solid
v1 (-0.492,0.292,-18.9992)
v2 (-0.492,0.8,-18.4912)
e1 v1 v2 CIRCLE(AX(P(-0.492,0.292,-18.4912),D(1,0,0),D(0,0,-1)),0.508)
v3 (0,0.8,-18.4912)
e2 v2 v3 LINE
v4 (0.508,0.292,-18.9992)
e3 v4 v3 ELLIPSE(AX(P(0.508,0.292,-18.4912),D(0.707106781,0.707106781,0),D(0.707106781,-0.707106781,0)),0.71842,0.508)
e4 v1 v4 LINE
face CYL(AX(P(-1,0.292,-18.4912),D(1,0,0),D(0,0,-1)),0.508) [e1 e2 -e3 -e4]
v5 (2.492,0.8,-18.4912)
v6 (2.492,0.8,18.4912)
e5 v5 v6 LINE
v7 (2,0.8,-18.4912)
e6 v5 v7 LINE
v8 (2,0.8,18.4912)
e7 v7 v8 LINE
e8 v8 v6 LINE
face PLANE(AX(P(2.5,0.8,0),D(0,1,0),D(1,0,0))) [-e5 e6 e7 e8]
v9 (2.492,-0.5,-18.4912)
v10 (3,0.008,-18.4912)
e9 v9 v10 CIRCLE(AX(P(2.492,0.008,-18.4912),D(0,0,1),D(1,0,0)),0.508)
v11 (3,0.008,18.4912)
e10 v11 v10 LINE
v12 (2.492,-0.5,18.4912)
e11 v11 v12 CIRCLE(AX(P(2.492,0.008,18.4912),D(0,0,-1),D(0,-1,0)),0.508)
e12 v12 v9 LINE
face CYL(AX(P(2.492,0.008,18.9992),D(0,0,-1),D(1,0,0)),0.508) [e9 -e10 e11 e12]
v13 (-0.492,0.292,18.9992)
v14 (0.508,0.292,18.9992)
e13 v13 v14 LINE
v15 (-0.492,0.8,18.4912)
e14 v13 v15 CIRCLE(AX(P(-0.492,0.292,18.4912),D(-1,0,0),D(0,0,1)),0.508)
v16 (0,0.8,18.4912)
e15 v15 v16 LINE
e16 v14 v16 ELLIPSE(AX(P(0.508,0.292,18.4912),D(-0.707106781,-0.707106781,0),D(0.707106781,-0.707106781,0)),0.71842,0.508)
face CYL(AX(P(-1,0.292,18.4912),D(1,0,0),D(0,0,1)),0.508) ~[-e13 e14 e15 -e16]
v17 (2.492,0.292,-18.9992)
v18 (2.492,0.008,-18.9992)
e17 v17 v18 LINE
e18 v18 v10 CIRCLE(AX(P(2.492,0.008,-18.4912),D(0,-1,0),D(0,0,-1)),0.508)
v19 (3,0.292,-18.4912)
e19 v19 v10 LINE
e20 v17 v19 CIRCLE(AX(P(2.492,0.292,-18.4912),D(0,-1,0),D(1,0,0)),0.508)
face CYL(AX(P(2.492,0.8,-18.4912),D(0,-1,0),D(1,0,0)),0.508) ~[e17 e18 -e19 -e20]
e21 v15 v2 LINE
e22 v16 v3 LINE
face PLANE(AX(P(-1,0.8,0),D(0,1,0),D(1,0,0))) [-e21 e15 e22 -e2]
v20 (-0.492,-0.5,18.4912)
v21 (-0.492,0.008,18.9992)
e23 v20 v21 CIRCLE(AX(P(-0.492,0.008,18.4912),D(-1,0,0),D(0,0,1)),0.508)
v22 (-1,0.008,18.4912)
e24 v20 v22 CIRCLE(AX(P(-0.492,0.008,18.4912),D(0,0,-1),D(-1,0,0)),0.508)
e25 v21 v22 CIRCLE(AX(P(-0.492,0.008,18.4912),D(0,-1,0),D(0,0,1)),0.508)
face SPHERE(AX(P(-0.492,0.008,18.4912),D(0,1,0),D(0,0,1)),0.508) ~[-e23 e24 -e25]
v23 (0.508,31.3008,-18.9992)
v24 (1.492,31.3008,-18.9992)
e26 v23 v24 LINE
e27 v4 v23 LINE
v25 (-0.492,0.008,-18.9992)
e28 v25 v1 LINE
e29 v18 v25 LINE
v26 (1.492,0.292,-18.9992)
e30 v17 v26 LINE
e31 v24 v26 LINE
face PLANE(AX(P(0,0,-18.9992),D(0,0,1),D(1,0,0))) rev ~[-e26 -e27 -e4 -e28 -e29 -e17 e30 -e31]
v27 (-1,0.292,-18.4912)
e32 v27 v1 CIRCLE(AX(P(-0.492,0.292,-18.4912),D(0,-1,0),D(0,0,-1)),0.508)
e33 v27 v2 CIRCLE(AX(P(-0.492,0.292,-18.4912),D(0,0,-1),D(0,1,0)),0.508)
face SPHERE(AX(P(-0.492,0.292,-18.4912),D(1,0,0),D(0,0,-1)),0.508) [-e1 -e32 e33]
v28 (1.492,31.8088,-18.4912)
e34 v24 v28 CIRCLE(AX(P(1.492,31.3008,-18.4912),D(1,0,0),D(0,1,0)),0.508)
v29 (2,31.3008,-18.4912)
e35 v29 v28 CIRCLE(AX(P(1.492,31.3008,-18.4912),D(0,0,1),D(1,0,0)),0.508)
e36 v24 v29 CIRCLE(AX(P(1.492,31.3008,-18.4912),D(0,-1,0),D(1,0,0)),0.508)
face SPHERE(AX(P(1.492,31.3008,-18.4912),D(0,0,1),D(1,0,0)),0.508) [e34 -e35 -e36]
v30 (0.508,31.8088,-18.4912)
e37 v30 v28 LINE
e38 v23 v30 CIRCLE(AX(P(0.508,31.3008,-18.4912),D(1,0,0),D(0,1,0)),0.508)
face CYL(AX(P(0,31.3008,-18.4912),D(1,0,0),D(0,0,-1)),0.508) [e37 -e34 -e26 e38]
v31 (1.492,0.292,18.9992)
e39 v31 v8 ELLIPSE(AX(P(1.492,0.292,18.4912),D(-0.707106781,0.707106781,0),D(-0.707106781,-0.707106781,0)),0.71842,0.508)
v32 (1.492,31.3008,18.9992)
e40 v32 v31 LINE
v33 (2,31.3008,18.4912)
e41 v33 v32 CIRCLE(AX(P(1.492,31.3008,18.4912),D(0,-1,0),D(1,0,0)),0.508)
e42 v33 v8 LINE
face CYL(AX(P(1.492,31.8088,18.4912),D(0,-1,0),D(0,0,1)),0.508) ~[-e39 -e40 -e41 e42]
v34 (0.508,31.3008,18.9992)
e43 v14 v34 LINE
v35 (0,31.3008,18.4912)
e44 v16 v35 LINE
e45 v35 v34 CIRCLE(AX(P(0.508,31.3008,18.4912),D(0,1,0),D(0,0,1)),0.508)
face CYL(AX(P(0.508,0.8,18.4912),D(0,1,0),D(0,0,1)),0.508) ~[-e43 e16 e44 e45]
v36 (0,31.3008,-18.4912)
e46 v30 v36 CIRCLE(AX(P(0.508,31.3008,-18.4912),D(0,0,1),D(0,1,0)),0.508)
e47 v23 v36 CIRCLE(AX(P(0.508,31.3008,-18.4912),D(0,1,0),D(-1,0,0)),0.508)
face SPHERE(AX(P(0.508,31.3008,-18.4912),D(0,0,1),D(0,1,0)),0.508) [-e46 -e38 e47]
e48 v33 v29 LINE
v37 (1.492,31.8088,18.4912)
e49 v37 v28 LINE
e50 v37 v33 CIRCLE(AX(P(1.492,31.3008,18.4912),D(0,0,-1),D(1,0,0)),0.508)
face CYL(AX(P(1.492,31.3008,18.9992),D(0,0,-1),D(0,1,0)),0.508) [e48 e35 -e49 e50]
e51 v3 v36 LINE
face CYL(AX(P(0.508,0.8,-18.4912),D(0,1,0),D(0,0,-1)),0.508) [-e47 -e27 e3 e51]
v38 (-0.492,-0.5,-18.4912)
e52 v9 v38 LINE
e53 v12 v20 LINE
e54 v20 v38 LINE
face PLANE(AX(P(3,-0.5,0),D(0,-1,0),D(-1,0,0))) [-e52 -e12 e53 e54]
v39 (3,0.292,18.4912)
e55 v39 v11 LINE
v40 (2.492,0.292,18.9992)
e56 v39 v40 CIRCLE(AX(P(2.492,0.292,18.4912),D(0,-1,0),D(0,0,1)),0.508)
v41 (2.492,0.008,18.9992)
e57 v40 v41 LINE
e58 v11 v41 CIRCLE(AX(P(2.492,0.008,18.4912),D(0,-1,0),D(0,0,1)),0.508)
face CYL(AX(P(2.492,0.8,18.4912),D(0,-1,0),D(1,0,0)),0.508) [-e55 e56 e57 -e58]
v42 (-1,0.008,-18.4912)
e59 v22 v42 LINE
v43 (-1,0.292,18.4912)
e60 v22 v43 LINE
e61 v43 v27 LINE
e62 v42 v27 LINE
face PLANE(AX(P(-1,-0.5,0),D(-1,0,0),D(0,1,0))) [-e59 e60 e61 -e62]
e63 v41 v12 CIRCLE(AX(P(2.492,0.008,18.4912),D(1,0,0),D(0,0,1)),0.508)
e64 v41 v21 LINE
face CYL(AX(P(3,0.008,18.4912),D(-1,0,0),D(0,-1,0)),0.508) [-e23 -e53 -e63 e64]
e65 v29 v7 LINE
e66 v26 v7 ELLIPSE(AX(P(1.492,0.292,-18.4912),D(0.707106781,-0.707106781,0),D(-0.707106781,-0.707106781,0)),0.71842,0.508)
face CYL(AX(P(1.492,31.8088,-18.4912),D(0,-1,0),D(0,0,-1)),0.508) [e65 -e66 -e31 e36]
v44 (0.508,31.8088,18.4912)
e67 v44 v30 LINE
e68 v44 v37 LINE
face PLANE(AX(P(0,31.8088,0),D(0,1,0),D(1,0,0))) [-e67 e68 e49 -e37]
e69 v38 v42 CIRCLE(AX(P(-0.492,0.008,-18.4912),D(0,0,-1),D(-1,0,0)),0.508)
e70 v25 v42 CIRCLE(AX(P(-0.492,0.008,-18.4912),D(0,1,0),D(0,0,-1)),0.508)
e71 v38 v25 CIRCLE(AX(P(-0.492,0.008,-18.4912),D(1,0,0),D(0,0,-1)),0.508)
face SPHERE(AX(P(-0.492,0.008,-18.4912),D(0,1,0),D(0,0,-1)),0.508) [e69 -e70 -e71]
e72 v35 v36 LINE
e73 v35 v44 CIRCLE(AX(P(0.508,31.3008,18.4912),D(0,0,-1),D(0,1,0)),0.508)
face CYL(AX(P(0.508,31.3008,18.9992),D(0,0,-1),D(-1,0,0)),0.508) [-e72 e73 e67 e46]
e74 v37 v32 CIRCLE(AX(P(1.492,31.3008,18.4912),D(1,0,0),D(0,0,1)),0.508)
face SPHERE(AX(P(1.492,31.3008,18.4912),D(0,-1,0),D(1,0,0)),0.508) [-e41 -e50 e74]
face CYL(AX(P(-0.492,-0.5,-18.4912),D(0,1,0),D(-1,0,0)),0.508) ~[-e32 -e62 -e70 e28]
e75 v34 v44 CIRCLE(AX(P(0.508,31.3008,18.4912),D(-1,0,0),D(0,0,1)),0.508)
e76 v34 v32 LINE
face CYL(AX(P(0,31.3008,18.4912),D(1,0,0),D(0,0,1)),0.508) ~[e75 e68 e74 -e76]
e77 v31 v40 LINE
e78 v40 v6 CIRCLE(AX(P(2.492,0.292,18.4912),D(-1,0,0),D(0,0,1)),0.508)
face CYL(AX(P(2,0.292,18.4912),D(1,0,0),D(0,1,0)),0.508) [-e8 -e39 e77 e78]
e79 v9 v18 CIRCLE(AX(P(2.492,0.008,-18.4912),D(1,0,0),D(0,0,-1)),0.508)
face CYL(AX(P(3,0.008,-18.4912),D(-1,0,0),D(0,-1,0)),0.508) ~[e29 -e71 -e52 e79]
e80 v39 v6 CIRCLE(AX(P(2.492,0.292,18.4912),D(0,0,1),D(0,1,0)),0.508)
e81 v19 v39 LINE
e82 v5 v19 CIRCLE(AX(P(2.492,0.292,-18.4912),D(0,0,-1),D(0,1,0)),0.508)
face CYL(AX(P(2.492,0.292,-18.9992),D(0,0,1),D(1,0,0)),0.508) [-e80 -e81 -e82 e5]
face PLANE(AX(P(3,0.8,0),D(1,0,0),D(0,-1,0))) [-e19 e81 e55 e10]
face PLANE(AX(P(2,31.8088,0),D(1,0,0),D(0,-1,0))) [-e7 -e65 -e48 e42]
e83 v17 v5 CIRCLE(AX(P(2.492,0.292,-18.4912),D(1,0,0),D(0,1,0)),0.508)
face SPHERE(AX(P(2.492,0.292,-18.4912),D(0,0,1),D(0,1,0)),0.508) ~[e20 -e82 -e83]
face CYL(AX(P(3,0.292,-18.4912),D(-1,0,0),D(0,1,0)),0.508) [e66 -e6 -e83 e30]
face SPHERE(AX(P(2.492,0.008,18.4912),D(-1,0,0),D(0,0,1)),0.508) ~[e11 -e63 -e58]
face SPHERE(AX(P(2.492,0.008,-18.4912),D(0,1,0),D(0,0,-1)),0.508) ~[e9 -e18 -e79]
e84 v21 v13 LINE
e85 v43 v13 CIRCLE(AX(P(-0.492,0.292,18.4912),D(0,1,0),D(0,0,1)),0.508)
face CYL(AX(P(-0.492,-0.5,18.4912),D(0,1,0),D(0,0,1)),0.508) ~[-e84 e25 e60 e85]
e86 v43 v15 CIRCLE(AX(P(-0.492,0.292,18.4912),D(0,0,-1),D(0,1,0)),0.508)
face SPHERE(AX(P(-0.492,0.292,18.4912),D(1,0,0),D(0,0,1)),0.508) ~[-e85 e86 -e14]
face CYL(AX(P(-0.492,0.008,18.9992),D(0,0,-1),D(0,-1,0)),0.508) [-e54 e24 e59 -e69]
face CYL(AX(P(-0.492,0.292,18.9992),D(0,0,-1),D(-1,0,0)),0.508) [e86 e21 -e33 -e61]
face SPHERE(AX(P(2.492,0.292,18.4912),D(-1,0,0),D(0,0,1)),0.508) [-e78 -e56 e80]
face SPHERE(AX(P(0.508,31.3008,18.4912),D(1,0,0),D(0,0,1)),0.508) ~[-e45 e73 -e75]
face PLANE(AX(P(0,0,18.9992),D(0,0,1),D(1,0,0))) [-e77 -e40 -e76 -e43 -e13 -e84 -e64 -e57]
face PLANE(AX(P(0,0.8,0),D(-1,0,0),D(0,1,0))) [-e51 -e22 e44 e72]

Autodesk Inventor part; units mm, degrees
ref_plane "YZ Plane" through (0, 0, 0) normal (1, 0, 0) x (0, 1, 0)
ref_plane "XZ Plane" through (0, 0, 0) normal (0, 1, 0) x (-1, 0, 0)
ref_plane "XY Plane" through (0, 0, 0) normal (0, 0, 1) x (1, 0, 0)
sketch "Sketch1" plane through (0, 0, 0) normal (0, 0, 1) x (1, 0, 0)
  line L0 (3, 0.8) -> (3, -0.5)
  line L1 (3, -0.5) -> (-1, -0.5)
  line L2 (-1, -0.5) -> (-1, 0.8)
  line L3 (0, 0.8) -> (0, 31.8088)
  line L4 (0, 31.8088) -> (2, 31.8088)
  line L5 (2, 31.8088) -> (2, 0.8)
  line L6 (-1, 0.8) -> (0, 0.8)
  line L7 (2, 0.8) -> (3, 0.8)
  line L8 (-1, 0.8) -> (0, 0.8)
  line L9 (2, 0.8) -> (2.5, 0.8)
  point P0 (0, 0)
  point P1 (1, -0.5)
  point P2 (1, -0.5)
  dimension "d0" = 32.3088
  dimension "d1" = 4
  dimension "d2" = 1.3
  dimension "d3" = 1
  dimension "d4" = 1
extrude "Extrusion1" add sketch "Sketch1" along normal mid plane 37.9984
fillet "Fillet1" radius 0.508 22 edges at (2, 16.3044, 18.9992) (2, 31.8088, 0) (2, 16.3044, -18.9992) (2.5, 0.8, 18.9992) (-0.5, 0.8, 18.9992) (-1, 0.15, 18.9992) (1, -0.5, 18.9992) (3, 0.15, 18.9992) (3, 0.8, 0) (1, 31.8088, 18.9992) (0, 16.3044, 18.9992) (0, 31.8088, 0) (2.5, 0.8, -18.9992) (3, 0.15, -18.9992) (-0.5, 0.8, -18.9992) (-1, 0.15, -18.9992) (1, -0.5, -18.9992) (-1, 0.8, 0) (-1, -0.5, 0) (1, 31.8088, -18.9992) (3, -0.5, 0) (0, 16.3044, -18.9992)
equation "\"d4\" = d3"
properties part number "Tall Conveyor Belt Inserts" material "Acetal Resin, White"
